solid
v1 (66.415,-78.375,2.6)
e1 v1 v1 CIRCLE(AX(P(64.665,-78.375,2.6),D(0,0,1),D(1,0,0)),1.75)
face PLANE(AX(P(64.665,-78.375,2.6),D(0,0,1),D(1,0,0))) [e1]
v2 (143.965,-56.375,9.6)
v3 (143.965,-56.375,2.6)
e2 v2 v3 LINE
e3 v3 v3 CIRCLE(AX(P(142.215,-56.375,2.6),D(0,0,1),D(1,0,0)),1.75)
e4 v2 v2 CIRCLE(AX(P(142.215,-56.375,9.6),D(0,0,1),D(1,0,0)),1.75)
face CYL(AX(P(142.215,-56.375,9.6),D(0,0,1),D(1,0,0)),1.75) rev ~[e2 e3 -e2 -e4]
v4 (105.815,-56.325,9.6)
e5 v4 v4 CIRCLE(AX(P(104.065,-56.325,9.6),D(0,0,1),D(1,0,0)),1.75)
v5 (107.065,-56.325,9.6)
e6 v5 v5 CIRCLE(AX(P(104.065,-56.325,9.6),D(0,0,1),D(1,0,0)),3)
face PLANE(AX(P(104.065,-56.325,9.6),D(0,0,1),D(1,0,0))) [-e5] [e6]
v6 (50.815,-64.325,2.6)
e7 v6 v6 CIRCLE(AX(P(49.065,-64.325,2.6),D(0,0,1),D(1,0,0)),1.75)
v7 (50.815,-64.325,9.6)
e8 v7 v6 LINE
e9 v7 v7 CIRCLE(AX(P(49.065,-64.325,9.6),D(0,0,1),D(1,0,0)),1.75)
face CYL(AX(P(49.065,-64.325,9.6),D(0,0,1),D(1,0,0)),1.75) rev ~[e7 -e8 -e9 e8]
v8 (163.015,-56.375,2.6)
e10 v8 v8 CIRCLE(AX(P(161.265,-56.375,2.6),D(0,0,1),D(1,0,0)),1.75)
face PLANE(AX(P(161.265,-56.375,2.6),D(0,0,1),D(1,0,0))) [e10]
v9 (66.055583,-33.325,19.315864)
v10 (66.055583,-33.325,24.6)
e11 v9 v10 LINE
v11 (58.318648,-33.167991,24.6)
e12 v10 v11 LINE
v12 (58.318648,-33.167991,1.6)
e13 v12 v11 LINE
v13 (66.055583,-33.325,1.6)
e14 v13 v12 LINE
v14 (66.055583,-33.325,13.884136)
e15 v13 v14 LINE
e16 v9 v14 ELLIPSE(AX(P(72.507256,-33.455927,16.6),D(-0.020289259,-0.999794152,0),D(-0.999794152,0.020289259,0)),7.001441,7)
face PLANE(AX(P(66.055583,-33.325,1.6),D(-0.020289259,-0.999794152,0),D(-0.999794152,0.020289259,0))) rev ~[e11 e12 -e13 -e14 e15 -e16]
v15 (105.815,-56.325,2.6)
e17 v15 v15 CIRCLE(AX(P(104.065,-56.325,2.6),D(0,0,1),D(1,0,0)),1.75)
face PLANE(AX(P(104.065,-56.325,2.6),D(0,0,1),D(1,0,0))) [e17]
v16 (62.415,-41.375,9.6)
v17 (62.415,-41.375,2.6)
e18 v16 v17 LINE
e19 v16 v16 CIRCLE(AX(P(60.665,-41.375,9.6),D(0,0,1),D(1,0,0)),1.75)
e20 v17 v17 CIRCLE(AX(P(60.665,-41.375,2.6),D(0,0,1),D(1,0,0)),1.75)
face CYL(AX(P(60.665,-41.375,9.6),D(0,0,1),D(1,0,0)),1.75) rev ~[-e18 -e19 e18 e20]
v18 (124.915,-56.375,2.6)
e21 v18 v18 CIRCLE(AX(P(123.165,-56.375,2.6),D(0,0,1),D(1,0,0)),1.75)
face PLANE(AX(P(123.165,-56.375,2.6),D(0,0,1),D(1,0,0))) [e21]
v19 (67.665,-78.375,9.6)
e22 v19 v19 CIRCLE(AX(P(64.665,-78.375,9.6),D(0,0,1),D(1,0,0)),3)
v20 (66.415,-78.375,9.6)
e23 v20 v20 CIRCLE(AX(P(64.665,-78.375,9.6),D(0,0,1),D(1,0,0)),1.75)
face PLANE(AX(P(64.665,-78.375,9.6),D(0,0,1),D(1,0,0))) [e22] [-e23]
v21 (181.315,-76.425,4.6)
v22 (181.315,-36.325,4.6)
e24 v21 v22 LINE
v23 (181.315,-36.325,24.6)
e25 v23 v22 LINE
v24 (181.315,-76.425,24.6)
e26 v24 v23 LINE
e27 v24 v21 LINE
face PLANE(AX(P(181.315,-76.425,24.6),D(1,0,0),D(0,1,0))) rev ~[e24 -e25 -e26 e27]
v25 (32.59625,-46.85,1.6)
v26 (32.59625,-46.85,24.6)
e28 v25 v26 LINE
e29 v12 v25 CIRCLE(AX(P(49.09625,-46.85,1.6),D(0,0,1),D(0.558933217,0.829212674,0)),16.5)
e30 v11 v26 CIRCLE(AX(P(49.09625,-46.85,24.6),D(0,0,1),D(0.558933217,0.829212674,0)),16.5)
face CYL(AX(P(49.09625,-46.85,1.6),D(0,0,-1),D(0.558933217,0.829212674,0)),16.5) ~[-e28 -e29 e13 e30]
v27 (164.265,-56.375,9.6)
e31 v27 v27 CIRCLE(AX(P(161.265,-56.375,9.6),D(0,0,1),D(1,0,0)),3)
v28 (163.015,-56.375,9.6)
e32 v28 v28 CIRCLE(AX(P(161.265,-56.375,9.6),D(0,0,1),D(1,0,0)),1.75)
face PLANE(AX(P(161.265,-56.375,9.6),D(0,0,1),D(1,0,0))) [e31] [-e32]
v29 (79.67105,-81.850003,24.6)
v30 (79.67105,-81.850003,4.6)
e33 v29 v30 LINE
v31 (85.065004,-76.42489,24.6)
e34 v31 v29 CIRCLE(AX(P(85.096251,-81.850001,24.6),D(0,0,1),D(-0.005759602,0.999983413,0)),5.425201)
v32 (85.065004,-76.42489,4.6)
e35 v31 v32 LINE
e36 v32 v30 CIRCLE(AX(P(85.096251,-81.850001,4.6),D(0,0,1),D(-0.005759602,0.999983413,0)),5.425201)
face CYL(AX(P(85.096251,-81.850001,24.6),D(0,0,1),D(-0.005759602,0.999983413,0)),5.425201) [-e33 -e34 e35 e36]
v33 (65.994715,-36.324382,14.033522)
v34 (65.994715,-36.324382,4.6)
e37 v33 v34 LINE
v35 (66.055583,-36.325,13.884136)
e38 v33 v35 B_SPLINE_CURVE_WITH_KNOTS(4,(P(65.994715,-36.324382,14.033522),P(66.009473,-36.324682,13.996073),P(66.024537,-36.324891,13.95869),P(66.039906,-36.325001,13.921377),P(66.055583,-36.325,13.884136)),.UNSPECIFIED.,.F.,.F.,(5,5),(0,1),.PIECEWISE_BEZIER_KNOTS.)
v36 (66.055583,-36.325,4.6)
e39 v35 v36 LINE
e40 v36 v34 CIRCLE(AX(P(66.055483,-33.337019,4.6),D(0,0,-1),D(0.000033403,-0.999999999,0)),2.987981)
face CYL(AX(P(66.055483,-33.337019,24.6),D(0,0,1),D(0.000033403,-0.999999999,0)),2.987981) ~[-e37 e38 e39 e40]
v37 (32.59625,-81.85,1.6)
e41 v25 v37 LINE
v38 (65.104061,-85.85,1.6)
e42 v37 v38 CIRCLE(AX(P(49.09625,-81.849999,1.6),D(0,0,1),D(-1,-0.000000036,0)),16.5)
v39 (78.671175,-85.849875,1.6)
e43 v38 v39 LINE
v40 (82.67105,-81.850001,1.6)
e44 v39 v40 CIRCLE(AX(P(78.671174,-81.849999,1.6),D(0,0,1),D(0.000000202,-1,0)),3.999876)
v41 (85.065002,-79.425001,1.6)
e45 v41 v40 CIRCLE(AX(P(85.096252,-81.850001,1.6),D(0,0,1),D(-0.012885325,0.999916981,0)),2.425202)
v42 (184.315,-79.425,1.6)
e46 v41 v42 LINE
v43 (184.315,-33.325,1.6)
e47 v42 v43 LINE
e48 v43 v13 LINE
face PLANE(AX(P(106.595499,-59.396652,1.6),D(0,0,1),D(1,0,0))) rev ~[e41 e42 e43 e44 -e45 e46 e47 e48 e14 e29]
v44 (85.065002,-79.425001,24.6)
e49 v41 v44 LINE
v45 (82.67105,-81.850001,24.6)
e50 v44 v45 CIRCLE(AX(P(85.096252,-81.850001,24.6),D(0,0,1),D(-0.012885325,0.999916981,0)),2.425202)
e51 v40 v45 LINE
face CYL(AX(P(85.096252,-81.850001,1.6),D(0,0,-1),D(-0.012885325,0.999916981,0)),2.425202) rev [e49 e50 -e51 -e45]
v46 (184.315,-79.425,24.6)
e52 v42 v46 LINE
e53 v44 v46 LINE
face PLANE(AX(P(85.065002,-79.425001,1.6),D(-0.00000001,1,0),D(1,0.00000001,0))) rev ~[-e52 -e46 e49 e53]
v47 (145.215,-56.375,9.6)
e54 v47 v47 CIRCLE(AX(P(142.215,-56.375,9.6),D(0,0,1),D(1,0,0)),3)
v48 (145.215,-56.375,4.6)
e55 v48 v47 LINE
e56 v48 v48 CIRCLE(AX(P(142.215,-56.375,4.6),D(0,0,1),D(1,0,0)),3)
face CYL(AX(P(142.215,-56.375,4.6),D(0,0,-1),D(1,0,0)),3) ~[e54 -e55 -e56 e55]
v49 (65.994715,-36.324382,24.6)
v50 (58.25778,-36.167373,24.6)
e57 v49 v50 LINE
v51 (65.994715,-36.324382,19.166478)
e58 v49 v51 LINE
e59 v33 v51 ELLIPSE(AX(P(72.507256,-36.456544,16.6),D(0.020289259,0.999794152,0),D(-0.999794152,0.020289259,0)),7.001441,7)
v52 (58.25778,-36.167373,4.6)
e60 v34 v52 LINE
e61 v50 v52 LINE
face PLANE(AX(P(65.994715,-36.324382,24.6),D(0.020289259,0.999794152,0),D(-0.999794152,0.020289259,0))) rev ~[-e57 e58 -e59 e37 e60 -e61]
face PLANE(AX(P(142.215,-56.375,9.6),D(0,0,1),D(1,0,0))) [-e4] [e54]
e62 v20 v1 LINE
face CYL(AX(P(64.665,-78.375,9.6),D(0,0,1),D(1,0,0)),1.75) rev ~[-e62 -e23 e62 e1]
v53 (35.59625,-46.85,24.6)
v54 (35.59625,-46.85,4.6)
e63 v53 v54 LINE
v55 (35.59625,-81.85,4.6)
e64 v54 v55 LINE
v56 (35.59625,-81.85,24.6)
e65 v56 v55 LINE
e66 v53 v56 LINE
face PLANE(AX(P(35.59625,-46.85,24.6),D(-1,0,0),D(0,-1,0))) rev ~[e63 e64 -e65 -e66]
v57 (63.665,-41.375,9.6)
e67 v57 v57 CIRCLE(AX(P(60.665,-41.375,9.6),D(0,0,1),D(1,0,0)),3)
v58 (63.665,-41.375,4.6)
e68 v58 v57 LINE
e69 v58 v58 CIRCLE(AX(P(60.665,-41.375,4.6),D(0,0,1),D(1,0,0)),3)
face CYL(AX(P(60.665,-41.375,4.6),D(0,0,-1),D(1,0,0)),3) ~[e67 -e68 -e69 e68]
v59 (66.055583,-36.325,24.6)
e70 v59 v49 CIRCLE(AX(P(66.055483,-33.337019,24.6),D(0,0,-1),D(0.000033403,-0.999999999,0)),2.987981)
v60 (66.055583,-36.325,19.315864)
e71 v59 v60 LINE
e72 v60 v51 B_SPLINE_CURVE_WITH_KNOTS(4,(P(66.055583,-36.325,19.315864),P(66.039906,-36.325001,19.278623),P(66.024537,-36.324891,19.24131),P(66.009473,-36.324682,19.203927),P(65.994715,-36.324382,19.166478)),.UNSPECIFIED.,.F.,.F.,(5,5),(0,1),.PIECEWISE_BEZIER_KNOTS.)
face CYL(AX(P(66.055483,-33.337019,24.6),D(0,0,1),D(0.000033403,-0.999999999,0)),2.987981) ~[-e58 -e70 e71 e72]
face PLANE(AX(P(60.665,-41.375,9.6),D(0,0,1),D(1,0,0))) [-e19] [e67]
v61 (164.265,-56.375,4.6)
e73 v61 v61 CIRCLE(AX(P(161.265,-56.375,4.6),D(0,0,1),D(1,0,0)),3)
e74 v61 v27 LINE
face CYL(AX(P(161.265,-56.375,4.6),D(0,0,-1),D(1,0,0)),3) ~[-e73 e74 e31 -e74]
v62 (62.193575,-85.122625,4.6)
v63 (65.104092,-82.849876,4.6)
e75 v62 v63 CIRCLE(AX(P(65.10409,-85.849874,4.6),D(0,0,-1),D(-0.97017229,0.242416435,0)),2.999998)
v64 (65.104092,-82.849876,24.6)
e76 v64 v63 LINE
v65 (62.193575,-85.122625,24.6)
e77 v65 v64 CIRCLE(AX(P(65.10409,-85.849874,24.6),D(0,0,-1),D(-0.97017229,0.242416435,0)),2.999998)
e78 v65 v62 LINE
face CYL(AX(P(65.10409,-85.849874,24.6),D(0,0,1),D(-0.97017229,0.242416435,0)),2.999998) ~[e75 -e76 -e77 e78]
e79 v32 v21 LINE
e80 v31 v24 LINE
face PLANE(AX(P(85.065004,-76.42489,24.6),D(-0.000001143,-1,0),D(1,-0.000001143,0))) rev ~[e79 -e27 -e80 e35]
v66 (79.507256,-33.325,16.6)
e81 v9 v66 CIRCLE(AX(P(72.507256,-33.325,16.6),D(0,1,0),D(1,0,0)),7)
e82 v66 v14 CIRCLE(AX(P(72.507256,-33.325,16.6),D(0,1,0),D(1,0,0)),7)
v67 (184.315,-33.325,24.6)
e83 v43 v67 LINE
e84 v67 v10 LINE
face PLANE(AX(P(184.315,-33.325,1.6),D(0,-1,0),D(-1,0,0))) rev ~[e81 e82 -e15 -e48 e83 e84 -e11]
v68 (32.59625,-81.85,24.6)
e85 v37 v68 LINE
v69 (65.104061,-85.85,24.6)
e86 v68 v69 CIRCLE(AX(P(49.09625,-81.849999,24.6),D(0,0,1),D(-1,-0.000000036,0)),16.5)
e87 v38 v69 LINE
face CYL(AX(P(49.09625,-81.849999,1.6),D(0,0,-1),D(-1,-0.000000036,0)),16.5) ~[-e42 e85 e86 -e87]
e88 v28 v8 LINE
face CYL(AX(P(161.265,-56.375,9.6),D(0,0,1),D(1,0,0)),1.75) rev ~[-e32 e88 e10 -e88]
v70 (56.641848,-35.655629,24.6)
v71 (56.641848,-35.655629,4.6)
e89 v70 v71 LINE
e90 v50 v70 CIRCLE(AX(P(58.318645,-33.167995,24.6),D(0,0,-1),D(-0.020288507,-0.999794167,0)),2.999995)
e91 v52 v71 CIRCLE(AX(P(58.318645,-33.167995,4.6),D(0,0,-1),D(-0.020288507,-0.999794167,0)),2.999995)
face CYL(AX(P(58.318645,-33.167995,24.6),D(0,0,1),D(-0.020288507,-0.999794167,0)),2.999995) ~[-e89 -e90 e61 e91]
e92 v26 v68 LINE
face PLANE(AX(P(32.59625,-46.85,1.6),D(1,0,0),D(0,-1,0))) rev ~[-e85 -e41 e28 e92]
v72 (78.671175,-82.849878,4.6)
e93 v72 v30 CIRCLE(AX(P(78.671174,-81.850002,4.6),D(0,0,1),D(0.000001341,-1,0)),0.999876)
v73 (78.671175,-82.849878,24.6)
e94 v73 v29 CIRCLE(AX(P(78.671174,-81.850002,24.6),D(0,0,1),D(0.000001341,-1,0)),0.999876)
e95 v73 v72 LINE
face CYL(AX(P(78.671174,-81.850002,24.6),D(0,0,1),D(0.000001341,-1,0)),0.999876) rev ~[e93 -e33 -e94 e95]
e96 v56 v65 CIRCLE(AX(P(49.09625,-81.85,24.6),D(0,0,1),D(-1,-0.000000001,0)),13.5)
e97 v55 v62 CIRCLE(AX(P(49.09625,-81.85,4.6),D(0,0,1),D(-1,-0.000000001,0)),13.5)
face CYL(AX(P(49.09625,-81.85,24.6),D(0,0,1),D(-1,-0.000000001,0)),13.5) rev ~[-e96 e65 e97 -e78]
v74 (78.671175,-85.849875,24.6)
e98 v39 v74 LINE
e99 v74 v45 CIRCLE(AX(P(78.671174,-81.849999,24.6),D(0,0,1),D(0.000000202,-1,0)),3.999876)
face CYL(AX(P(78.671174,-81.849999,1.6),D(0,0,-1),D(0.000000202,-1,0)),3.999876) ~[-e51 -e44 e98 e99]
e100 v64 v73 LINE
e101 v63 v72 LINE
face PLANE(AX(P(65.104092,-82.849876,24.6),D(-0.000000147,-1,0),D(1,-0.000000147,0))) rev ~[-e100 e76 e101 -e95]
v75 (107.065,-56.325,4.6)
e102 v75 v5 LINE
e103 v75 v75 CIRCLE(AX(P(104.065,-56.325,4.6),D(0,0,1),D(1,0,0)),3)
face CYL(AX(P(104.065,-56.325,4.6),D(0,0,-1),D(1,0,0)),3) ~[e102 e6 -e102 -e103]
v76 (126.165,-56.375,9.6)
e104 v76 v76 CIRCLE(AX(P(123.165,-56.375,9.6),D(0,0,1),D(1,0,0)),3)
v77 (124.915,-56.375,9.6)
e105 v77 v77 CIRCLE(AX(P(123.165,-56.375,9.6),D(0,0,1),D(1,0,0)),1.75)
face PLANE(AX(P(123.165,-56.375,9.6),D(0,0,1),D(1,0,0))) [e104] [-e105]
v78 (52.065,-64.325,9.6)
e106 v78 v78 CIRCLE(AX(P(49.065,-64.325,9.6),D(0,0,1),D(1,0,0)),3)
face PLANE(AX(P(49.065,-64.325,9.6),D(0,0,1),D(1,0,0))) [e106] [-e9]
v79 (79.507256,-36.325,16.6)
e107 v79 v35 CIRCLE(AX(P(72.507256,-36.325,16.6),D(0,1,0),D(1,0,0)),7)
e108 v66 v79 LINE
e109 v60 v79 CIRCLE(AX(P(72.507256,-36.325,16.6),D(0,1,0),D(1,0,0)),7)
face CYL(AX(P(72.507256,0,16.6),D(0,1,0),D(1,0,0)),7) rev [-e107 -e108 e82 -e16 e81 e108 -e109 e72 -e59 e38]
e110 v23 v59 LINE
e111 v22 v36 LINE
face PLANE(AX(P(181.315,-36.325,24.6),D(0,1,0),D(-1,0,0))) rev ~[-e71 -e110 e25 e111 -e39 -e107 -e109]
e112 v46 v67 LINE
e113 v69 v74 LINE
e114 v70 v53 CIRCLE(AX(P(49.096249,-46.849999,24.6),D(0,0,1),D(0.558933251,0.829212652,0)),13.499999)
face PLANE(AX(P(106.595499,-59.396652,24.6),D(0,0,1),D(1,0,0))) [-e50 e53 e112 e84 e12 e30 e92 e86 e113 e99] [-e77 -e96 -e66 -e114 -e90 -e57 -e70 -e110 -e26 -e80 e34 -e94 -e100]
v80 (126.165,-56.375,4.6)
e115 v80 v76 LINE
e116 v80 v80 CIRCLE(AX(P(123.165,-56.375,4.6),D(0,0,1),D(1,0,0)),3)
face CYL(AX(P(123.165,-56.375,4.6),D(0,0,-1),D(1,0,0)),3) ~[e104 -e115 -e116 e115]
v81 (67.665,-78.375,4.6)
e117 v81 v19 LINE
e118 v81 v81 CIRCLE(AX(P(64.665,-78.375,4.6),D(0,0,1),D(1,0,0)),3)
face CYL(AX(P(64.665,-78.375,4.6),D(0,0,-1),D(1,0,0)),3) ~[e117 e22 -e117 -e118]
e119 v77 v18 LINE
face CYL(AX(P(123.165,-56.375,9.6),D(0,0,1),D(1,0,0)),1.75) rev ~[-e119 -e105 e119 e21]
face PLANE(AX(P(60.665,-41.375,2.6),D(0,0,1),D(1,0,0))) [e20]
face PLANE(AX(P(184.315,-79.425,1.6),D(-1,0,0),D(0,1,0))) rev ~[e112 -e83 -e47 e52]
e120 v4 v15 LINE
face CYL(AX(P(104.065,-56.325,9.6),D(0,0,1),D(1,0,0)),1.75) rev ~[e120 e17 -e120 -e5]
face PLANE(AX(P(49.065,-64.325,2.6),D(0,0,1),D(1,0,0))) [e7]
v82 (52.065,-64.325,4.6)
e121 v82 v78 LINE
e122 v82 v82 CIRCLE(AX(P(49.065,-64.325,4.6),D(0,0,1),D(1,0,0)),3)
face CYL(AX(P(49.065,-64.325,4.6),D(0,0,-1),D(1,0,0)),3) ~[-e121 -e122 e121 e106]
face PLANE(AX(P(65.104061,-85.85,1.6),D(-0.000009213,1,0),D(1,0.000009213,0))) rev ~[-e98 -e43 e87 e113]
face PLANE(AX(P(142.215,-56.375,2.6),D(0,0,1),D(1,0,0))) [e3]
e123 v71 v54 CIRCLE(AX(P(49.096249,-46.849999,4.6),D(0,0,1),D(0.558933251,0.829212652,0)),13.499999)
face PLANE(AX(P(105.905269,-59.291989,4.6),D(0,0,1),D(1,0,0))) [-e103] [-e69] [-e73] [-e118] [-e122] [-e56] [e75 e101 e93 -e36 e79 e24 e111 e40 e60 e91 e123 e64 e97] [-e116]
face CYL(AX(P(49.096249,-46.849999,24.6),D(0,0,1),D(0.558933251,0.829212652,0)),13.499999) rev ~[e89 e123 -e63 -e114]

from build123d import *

# Parameters (mm, degrees)
PAD_DEPTH       = 23
POCKET_DEPTH    = 20
SKETCH002_R     = 3
PAD001_DEPTH    = 5
SKETCH003_R     = 1.75
POCKET001_DEPTH = 7
SKETCH004_R     = 7
POCKET002_DEPTH = 37


with BuildPart() as part:
    # Sketch (on Face1 of ShapeBinder) → Pad (new body)
    with BuildSketch(Plane.XY.offset(1.6)):
        with BuildLine():
            Line((65.104061, -85.85), (78.671175, -85.849875))
            ThreePointArc((78.671175, -85.849875), (81.499513, -84.678339), (82.67105, -81.850001))
            ThreePointArc((85.065002, -79.425001), (83.370362, -80.146209), (82.67105, -81.850001))
            Line((85.065002, -79.425001), (184.315, -79.425))
            Line((184.315, -79.425), (184.315, -33.325))
            Line((184.315, -33.325), (85.065, -33.325))
            Line((85.065, -33.325), (66.055583, -33.325))
            Line((66.055583, -33.325), (58.318648, -33.167991))
            ThreePointArc((58.318648, -33.167991), (41.347688, -32.282578), (32.59625, -46.85))
            Line((32.59625, -46.85), (32.59625, -81.85))
            ThreePointArc((32.59625, -81.85), (47.081166, -98.22649), (65.104061, -85.85))
        make_face()
    extrude(amount=PAD_DEPTH)

    # Sketch001 (on Face11 of Pad) → Pocket (cut)
    with BuildSketch(Plane.XY.offset(24.6)):
        with BuildLine():
            Line((85.065004, -76.42489), (181.315, -76.425))
            Line((181.315, -76.425), (181.315, -36.325))
            Line((181.315, -36.325), (66.055583, -36.325))
            ThreePointArc((66.055583, -36.325), (66.025147, -36.324846), (65.994715, -36.324382))
            Line((65.994715, -36.324382), (58.25778, -36.167373))
            ThreePointArc((58.25778, -36.167373), (57.41292, -36.028001), (56.641848, -35.655629))
            ThreePointArc((56.641848, -35.655629), (42.756517, -34.9312), (35.59625, -46.85))
            Line((35.59625, -46.85), (35.59625, -81.85))
            ThreePointArc((35.59625, -81.85), (47.447597, -95.248953), (62.193575, -85.122625))
            ThreePointArc((62.193575, -85.122625), (63.25771, -83.485372), (65.104092, -82.849876))
            Line((65.104092, -82.849876), (78.671175, -82.849878))
            ThreePointArc((78.671175, -82.849878), (79.378193, -82.557021), (79.67105, -81.850003))
            ThreePointArc((85.065004, -76.42489), (81.249022, -78.024869), (79.67105, -81.850003))
        make_face()
    extrude(amount=-POCKET_DEPTH, mode=Mode.SUBTRACT)

    # Sketch002 (on Face26 of Pocket) → Pad001 (join)
    with BuildSketch(Plane.XY.offset(4.6)):
        with Locations((64.665, -78.375)):
            Circle(SKETCH002_R)
        with Locations((49.065, -64.325)):
            Circle(SKETCH002_R)
        with Locations((60.665, -41.375)):
            Circle(SKETCH002_R)
        with Locations((104.065, -56.325)):
            Circle(SKETCH002_R)
        with Locations((123.165, -56.375)):
            Circle(SKETCH002_R)
        with Locations((142.215, -56.375)):
            Circle(SKETCH002_R)
        with Locations((161.265, -56.375)):
            Circle(SKETCH002_R)
    extrude(amount=PAD001_DEPTH)

    # Sketch003 (on Face37 of Pad001) → Pocket001 (cut)
    with BuildSketch(Plane.XY.offset(9.6)):
        with Locations((49.065, -64.325)):
            Circle(SKETCH003_R)
        with Locations((64.665, -78.375)):
            Circle(SKETCH003_R)
        with Locations((60.665, -41.375)):
            Circle(SKETCH003_R)
        with Locations((142.215, -56.375)):
            Circle(SKETCH003_R)
        with Locations((161.265, -56.375)):
            Circle(SKETCH003_R)
        with Locations((104.065, -56.325)):
            Circle(SKETCH003_R)
        with Locations((123.165, -56.375)):
            Circle(SKETCH003_R)
    extrude(amount=-POCKET001_DEPTH, mode=Mode.SUBTRACT)

    # Sketch004 → Pocket002 (cut)
    with BuildSketch(Plane.XZ):
        with Locations((72.507256, 16.6)):
            Circle(SKETCH004_R)
    extrude(amount=POCKET002_DEPTH, mode=Mode.SUBTRACT)


solid = part.part
